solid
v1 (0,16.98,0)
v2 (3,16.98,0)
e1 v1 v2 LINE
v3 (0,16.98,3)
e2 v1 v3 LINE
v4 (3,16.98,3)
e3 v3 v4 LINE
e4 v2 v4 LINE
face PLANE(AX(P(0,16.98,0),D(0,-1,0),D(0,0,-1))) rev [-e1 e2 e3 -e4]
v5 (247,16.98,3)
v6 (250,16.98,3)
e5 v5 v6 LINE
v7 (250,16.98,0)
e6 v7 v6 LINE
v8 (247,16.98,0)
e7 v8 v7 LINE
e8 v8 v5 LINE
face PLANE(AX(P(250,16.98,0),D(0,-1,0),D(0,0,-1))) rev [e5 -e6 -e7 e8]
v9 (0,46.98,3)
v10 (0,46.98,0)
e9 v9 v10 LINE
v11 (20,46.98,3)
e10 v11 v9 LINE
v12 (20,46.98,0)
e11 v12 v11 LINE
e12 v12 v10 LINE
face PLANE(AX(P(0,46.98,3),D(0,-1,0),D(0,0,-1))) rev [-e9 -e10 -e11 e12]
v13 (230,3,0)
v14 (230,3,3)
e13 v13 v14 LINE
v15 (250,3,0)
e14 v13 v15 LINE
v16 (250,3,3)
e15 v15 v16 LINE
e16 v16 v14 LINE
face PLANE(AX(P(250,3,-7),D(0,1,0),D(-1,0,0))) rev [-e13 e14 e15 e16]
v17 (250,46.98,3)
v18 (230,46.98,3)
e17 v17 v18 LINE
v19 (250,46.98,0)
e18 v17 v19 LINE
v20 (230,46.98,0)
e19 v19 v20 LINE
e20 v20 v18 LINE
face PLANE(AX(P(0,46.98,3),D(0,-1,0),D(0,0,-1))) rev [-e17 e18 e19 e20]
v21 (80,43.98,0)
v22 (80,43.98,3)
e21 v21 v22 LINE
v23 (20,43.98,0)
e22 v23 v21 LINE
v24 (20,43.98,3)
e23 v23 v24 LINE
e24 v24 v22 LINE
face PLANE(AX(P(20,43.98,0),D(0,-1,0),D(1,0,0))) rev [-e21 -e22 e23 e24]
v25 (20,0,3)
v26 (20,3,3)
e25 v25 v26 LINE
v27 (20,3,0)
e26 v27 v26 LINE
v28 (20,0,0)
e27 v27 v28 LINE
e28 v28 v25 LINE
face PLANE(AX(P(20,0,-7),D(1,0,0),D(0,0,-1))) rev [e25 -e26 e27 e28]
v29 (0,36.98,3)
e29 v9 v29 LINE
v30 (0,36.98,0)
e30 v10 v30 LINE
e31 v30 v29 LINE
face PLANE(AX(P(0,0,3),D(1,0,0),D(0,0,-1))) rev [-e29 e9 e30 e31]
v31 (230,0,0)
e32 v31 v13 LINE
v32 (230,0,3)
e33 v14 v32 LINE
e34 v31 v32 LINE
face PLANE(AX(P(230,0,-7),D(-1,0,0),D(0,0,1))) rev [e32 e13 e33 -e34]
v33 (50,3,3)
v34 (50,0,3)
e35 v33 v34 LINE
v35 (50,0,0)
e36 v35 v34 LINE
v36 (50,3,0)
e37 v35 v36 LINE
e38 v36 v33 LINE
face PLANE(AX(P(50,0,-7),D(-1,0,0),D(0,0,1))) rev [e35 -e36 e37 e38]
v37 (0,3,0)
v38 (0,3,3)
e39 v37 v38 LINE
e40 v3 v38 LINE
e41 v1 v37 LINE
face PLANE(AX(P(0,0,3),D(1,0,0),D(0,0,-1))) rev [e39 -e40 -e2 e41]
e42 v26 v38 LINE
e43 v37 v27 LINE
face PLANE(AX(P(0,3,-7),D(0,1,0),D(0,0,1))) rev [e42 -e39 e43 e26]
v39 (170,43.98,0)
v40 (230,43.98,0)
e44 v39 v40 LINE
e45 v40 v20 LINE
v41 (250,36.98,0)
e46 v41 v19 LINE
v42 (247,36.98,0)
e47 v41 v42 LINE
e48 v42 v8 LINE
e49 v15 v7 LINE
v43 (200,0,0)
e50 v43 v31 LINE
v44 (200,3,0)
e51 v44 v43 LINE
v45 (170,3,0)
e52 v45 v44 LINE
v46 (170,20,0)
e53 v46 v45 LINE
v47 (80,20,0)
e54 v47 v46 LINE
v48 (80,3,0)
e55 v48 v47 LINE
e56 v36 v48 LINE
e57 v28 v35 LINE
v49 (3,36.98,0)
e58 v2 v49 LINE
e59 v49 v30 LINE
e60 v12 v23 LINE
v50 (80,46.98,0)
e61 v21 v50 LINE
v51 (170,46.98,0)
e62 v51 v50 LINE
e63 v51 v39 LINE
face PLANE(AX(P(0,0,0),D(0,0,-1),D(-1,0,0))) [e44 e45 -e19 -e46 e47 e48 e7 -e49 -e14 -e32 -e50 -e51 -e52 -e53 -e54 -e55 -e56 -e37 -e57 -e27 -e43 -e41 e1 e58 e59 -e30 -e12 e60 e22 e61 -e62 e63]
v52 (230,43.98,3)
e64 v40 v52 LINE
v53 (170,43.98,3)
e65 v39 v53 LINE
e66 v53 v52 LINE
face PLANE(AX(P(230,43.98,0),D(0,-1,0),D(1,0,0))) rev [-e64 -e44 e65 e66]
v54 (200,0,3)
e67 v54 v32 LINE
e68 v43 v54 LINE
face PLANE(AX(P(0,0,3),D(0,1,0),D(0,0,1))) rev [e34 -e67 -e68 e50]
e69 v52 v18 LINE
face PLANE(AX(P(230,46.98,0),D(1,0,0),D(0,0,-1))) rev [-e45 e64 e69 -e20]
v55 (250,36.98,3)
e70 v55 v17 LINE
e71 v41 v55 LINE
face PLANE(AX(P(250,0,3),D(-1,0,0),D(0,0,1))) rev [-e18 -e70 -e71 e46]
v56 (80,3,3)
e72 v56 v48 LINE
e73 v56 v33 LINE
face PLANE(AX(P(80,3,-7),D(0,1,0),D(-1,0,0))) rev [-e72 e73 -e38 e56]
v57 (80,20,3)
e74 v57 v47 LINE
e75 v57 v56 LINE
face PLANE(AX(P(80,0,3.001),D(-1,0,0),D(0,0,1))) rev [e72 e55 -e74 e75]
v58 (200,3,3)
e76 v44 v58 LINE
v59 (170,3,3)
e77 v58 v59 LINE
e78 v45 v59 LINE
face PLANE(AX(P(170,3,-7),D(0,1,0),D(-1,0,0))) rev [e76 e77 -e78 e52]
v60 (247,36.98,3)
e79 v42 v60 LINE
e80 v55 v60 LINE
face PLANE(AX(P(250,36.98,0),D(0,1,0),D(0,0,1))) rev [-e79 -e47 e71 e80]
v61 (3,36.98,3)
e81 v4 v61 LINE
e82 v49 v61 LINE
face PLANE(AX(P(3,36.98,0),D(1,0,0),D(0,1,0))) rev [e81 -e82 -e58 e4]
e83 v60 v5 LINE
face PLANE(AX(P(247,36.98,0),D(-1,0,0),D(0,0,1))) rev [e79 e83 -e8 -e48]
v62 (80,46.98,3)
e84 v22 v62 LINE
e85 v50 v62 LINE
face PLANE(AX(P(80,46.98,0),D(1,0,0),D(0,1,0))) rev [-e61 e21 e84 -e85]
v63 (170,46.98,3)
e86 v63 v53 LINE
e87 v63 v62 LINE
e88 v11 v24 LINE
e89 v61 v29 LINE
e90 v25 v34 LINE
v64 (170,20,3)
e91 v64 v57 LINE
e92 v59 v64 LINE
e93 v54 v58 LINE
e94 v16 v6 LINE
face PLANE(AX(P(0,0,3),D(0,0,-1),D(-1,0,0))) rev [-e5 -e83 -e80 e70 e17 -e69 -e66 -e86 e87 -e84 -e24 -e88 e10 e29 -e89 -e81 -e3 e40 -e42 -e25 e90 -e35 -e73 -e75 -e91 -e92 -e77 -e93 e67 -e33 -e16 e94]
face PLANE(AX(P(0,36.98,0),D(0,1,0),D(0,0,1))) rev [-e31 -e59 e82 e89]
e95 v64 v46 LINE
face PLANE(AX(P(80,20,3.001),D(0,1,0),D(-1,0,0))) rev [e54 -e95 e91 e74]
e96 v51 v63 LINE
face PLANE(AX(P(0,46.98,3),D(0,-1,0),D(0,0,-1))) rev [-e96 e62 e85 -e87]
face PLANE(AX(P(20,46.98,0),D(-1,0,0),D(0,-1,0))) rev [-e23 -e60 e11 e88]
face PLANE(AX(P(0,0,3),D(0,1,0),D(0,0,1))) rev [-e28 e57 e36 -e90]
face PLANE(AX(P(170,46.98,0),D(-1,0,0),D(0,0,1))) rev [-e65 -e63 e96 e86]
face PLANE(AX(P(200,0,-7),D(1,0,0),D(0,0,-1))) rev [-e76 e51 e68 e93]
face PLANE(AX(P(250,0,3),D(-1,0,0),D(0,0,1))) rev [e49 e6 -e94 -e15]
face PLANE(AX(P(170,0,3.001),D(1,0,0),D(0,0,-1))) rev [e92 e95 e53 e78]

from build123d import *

# Parameters (mm, degrees)
SKETCH1_W           = 250
SKETCH1_H           = 46.98
BOSS_EXTRUDE1_DEPTH = 3
SKETCH2_W           = 3
SKETCH2_H           = 20
CUT_EXTRUDE1_DEPTH  = 255.393632782
SKETCH3_W           = 60
SKETCH3_H           = 3
CUT_EXTRUDE2_DEPTH  = 255.393632782
CUT_EXTRUDE3_REACH  = 256.394
SKETCH4_W           = 90
SKETCH4_H           = 20
SKETCH6_W           = 20
SKETCH6_H           = 3
SKETCH6_W_2         = 30
CUT_EXTRUDE5_DEPTH  = 10


with BuildPart() as part:
    # Sketch1 → Boss-Extrude1 (new body)
    with BuildSketch(Plane.XY):
        with Locations((125, 23.49)):
            Rectangle(SKETCH1_W, SKETCH1_H)
    extrude(amount=BOSS_EXTRUDE1_DEPTH)

    # Sketch2 → Cut-Extrude1 (cut, through all)
    with BuildSketch(Plane.XY.offset(3)):
        with Locations((248.5, 26.98)):
            Rectangle(SKETCH2_W, SKETCH2_H)
        with Locations((1.5, 26.98)):
            Rectangle(SKETCH2_W, SKETCH2_H)
    extrude(amount=-CUT_EXTRUDE1_DEPTH, mode=Mode.SUBTRACT)

    # Sketch3 → Cut-Extrude2 (cut, through all)
    with BuildSketch(Plane.XY.offset(3)):
        with Locations((50, 45.48)):
            Rectangle(SKETCH3_W, SKETCH3_H)
        with Locations((200, 45.48)):
            Rectangle(SKETCH3_W, SKETCH3_H)
    extrude(amount=-CUT_EXTRUDE2_DEPTH, mode=Mode.SUBTRACT)

    # Sketch4 → Cut-Extrude3 (cut, up to next)
    with BuildSketch(Plane(origin=(0, 0, 0), x_dir=(-1, 0, 0), z_dir=(0, 0, -1)), mode=Mode.PRIVATE) as cut_extrude3_sk1:
        with Locations((-125, 10)):
            Rectangle(SKETCH4_W, SKETCH4_H)
    cut_extrude3_tool1 = extrude(cut_extrude3_sk1.sketch, amount=-CUT_EXTRUDE3_REACH, mode=Mode.PRIVATE) & part.part
    add(cut_extrude3_tool1.solids().sort_by_distance((125, 10, 0))[0], mode=Mode.SUBTRACT)

    # Sketch6 → Cut-Extrude5 (cut)
    with BuildSketch(Plane.XY.offset(3)):
        with Locations((10, 1.5)):
            Rectangle(SKETCH6_W, SKETCH6_H)
        with Locations((65, 1.5)):
            Rectangle(SKETCH6_W_2, SKETCH6_H)
        with Locations((240, 1.5)):
            Rectangle(SKETCH6_W, SKETCH6_H)
        with Locations((185, 1.5)):
            Rectangle(SKETCH6_W_2, SKETCH6_H)
    extrude(amount=-CUT_EXTRUDE5_DEPTH, mode=Mode.SUBTRACT)


solid = part.part
